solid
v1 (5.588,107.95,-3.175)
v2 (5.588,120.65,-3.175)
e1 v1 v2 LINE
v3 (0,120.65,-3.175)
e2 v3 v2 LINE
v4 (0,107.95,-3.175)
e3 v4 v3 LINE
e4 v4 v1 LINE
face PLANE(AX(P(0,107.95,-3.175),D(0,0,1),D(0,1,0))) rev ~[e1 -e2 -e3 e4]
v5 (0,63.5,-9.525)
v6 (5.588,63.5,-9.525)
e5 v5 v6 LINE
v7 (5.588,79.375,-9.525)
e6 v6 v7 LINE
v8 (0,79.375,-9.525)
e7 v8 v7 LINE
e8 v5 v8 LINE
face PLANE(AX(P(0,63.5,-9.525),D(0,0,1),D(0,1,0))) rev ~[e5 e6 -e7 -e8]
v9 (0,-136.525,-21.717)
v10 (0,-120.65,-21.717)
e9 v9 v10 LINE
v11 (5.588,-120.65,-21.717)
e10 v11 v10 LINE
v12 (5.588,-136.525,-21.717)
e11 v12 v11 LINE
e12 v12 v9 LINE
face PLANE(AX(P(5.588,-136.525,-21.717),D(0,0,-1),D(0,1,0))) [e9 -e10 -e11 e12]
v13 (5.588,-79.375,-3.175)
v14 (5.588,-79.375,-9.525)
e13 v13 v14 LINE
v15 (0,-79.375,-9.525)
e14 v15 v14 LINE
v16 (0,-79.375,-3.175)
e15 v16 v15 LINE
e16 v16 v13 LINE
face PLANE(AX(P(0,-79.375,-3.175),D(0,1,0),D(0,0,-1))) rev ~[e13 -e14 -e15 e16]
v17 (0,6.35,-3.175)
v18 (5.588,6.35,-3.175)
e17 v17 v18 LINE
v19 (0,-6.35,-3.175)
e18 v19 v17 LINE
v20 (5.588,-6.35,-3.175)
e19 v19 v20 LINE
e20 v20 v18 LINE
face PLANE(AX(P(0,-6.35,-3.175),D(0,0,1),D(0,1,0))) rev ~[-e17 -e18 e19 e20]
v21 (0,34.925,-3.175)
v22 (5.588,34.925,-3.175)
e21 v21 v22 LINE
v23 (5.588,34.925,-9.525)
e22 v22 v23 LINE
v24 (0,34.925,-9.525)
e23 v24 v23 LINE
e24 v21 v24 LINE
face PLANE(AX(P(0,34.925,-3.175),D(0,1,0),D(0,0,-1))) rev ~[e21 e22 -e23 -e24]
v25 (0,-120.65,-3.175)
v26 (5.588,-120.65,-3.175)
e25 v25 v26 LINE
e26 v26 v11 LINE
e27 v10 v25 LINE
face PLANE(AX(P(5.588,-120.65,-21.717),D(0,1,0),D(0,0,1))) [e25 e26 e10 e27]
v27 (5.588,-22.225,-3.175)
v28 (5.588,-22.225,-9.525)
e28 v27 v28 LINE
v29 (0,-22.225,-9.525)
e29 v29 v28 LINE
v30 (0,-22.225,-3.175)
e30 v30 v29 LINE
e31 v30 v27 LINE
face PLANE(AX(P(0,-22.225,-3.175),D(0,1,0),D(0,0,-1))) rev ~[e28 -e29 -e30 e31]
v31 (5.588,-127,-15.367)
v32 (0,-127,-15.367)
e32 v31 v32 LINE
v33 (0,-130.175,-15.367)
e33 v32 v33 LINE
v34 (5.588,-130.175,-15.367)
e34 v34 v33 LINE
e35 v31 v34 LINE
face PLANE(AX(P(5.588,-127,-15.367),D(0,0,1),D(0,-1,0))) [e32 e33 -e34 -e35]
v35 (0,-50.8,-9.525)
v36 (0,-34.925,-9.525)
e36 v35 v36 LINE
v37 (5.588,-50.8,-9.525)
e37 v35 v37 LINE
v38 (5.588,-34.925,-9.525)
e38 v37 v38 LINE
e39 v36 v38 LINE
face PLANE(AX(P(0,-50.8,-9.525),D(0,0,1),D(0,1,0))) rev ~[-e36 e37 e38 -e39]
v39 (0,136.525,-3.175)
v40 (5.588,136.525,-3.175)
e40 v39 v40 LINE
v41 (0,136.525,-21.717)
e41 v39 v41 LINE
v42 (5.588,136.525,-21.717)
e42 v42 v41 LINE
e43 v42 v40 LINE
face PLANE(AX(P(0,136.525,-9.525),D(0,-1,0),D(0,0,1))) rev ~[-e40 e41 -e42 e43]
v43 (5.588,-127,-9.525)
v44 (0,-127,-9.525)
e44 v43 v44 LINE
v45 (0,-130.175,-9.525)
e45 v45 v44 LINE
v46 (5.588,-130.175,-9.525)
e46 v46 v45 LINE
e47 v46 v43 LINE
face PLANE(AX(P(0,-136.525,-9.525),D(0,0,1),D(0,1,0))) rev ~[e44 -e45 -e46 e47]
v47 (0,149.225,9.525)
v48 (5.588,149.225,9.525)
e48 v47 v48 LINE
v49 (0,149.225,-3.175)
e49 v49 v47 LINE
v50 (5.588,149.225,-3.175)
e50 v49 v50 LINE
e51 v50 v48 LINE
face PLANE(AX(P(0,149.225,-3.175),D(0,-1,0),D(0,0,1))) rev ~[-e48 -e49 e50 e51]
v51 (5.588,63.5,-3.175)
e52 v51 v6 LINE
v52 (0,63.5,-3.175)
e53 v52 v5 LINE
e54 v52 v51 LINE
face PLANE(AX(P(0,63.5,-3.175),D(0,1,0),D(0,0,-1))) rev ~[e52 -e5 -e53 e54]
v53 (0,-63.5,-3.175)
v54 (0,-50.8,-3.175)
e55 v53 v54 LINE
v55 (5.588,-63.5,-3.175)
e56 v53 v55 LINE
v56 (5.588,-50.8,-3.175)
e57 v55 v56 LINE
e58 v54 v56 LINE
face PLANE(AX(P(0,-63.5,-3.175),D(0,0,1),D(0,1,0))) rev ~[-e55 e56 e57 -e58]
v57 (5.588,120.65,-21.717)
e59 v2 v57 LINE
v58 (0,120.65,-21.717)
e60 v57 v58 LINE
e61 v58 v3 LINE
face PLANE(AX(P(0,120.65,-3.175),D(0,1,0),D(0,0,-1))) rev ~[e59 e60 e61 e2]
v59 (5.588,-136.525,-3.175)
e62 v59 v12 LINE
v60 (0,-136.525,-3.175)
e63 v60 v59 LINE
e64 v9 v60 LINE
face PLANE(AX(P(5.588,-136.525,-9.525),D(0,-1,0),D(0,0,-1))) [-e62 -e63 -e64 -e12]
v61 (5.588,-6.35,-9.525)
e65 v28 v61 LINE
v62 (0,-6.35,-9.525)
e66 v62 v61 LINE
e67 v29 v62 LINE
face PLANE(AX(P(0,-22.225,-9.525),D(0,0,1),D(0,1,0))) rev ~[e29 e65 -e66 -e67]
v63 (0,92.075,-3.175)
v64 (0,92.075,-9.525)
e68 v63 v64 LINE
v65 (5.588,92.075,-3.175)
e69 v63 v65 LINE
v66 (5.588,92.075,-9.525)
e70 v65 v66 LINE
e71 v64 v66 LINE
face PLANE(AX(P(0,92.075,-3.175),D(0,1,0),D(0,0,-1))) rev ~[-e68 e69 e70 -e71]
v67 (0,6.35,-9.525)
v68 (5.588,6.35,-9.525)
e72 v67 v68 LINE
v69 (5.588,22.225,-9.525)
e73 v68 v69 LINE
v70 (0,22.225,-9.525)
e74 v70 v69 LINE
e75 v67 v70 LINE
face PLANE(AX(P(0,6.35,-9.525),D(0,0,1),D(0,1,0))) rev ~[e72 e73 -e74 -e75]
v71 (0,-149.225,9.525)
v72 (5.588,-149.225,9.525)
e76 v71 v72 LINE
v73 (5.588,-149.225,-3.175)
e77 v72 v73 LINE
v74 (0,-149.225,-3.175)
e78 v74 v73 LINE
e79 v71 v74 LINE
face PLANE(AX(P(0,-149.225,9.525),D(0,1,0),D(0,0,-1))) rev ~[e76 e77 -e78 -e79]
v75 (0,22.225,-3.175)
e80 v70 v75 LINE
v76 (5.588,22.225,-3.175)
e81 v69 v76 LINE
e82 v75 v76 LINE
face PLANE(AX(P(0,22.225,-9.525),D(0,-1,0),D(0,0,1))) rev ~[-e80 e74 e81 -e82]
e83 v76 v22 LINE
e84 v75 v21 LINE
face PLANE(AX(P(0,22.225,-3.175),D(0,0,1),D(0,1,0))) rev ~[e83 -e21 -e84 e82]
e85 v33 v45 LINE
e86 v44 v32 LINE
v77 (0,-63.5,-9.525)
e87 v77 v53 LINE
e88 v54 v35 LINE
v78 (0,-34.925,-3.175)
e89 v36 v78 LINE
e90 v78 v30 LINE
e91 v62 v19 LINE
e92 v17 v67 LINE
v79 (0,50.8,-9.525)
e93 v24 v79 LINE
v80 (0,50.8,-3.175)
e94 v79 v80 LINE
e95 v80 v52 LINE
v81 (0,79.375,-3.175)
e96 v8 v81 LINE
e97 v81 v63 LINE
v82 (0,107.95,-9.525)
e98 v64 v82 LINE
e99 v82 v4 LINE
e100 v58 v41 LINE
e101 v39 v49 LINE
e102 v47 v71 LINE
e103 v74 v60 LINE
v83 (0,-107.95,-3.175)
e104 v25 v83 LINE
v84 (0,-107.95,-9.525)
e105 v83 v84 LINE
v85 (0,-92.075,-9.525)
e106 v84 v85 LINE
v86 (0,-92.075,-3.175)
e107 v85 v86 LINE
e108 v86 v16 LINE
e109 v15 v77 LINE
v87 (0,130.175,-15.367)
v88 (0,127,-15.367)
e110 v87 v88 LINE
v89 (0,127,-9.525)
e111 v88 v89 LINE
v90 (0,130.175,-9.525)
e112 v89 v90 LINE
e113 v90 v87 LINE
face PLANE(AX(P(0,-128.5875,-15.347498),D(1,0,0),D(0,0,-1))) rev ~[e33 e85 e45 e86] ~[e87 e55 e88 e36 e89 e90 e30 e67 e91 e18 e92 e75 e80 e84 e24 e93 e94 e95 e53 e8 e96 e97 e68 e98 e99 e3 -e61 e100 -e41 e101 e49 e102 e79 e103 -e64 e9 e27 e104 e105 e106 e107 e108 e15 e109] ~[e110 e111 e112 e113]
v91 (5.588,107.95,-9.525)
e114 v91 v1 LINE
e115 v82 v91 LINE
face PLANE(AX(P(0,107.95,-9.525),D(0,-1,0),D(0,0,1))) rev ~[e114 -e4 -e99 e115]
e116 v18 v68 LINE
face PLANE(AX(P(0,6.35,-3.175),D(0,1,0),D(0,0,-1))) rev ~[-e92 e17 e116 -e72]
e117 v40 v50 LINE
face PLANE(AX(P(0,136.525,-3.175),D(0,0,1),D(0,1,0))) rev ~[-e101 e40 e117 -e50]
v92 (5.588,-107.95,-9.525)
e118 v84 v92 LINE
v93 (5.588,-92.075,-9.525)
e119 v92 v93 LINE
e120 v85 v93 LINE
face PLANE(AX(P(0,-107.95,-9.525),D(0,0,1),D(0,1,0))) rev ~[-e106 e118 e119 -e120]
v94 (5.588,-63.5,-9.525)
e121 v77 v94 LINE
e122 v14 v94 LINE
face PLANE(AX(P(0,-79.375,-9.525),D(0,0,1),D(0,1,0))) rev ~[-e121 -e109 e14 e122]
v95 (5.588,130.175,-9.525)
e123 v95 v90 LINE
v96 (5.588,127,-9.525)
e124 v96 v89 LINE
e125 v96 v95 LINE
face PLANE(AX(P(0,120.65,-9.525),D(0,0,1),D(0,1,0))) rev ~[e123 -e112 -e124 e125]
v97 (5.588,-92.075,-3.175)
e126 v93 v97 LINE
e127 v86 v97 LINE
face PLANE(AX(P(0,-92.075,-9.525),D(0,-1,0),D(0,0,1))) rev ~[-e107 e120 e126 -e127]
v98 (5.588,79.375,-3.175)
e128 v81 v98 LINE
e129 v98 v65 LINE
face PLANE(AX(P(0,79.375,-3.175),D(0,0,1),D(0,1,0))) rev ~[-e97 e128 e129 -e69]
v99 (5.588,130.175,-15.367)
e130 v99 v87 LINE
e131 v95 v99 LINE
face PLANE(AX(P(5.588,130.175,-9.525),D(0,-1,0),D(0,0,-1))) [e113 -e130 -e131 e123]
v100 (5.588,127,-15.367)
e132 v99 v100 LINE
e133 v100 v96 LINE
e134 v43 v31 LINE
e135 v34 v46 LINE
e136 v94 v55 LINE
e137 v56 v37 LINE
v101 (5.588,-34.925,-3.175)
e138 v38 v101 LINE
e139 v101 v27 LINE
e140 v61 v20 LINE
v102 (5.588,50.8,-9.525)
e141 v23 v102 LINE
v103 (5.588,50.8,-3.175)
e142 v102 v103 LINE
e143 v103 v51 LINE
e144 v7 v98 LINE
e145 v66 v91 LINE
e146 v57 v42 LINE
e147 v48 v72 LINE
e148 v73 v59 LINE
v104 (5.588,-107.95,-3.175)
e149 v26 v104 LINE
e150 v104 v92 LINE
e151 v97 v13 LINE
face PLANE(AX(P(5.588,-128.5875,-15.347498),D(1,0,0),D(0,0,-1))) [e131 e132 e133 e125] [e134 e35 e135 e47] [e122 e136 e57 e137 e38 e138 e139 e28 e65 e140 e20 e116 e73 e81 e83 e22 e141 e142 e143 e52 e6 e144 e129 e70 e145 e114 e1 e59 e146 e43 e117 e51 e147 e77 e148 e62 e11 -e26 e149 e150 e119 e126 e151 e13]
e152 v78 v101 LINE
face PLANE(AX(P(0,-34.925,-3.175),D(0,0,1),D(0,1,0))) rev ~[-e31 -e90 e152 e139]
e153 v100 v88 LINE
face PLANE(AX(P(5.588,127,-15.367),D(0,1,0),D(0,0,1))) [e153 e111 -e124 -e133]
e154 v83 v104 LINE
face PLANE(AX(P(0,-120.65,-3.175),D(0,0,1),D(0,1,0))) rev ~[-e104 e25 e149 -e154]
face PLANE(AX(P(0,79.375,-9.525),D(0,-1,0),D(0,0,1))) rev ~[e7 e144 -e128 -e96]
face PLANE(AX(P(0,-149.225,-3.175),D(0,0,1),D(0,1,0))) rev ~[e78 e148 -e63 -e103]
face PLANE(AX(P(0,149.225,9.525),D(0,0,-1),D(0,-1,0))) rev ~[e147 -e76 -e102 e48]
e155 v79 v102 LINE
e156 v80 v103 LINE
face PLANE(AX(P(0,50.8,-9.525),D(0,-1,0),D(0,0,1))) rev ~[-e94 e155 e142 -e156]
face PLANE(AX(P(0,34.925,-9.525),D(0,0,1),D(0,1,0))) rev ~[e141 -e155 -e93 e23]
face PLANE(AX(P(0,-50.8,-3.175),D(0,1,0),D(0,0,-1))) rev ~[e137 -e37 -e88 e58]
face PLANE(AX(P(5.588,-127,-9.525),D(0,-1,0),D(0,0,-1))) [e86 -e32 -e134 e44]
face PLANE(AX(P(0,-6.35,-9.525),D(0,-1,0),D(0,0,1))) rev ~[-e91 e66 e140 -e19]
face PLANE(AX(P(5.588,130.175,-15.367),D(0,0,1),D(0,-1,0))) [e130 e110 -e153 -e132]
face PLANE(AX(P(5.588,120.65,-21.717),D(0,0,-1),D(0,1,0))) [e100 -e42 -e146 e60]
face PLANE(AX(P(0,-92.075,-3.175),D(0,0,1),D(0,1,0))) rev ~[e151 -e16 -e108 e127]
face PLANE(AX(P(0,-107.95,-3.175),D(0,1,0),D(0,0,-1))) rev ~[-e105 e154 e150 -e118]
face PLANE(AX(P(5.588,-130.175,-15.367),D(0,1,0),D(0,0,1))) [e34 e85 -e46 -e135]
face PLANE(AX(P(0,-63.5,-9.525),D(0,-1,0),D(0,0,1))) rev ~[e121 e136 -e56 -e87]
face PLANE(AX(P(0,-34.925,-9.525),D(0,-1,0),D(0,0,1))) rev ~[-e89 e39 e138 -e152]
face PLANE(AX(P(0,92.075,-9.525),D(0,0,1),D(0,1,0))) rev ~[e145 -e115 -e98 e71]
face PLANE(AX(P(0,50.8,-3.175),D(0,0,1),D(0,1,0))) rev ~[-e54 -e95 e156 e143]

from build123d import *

# Parameters (mm, degrees)
BOSS_EXTRUDE1_DEPTH = 5.588
BOSS_EXTRUDE2_DEPTH = 5.588


with BuildPart() as part:
    # Sketch1 → Boss-Extrude1 (new body)
    with BuildSketch(Plane(origin=(0, 0, 0), x_dir=(0, 0, -1), z_dir=(1, 0, 0))):
        Polygon((3.175, 120.65), (9.525, 120.65), (9.525, 136.525), (3.175, 136.525), (3.175, 149.225), (-9.525, 149.225), (-9.525, -149.225), (3.175, -149.225), (3.175, -136.525), (9.525, -136.525), (9.525, -120.65), (3.175, -120.65), (3.175, -107.95), (9.525, -107.95), (9.525, -92.075), (3.175, -92.075), (3.175, -79.375), (9.525, -79.375), (9.525, -63.5), (3.175, -63.5), (3.175, -50.8), (9.525, -50.8), (9.525, -34.925), (3.175, -34.925), (3.175, -22.225), (9.525, -22.225), (9.525, -6.35), (3.175, -6.35), (3.175, 6.35), (9.525, 6.35), (9.525, 22.225), (3.175, 22.225), (3.175, 34.925), (9.525, 34.925), (9.525, 50.8), (3.175, 50.8), (3.175, 63.5), (9.525, 63.5), (9.525, 79.375), (3.175, 79.375), (3.175, 92.075), (9.525, 92.075), (9.525, 107.95), (3.175, 107.95), align=None)
    extrude(amount=BOSS_EXTRUDE1_DEPTH)

    # Sketch2 → Boss-Extrude2 (add)
    with BuildSketch(Plane(origin=(5.588, 0, 0), x_dir=(0, 0, -1), z_dir=(1, 0, 0))):
        Polygon((21.717, -120.65), (9.525, -120.65), (9.525, -127), (15.367, -127), (15.367, -130.175), (9.525, -130.175), (9.525, -136.525), (21.717, -136.525), align=None)
        Polygon((21.717, 136.525), (9.525, 136.525), (9.525, 130.175), (15.367, 130.175), (15.367, 127), (9.525, 127), (9.525, 120.65), (21.717, 120.65), align=None)
    extrude(amount=-BOSS_EXTRUDE2_DEPTH)


solid = part.part
